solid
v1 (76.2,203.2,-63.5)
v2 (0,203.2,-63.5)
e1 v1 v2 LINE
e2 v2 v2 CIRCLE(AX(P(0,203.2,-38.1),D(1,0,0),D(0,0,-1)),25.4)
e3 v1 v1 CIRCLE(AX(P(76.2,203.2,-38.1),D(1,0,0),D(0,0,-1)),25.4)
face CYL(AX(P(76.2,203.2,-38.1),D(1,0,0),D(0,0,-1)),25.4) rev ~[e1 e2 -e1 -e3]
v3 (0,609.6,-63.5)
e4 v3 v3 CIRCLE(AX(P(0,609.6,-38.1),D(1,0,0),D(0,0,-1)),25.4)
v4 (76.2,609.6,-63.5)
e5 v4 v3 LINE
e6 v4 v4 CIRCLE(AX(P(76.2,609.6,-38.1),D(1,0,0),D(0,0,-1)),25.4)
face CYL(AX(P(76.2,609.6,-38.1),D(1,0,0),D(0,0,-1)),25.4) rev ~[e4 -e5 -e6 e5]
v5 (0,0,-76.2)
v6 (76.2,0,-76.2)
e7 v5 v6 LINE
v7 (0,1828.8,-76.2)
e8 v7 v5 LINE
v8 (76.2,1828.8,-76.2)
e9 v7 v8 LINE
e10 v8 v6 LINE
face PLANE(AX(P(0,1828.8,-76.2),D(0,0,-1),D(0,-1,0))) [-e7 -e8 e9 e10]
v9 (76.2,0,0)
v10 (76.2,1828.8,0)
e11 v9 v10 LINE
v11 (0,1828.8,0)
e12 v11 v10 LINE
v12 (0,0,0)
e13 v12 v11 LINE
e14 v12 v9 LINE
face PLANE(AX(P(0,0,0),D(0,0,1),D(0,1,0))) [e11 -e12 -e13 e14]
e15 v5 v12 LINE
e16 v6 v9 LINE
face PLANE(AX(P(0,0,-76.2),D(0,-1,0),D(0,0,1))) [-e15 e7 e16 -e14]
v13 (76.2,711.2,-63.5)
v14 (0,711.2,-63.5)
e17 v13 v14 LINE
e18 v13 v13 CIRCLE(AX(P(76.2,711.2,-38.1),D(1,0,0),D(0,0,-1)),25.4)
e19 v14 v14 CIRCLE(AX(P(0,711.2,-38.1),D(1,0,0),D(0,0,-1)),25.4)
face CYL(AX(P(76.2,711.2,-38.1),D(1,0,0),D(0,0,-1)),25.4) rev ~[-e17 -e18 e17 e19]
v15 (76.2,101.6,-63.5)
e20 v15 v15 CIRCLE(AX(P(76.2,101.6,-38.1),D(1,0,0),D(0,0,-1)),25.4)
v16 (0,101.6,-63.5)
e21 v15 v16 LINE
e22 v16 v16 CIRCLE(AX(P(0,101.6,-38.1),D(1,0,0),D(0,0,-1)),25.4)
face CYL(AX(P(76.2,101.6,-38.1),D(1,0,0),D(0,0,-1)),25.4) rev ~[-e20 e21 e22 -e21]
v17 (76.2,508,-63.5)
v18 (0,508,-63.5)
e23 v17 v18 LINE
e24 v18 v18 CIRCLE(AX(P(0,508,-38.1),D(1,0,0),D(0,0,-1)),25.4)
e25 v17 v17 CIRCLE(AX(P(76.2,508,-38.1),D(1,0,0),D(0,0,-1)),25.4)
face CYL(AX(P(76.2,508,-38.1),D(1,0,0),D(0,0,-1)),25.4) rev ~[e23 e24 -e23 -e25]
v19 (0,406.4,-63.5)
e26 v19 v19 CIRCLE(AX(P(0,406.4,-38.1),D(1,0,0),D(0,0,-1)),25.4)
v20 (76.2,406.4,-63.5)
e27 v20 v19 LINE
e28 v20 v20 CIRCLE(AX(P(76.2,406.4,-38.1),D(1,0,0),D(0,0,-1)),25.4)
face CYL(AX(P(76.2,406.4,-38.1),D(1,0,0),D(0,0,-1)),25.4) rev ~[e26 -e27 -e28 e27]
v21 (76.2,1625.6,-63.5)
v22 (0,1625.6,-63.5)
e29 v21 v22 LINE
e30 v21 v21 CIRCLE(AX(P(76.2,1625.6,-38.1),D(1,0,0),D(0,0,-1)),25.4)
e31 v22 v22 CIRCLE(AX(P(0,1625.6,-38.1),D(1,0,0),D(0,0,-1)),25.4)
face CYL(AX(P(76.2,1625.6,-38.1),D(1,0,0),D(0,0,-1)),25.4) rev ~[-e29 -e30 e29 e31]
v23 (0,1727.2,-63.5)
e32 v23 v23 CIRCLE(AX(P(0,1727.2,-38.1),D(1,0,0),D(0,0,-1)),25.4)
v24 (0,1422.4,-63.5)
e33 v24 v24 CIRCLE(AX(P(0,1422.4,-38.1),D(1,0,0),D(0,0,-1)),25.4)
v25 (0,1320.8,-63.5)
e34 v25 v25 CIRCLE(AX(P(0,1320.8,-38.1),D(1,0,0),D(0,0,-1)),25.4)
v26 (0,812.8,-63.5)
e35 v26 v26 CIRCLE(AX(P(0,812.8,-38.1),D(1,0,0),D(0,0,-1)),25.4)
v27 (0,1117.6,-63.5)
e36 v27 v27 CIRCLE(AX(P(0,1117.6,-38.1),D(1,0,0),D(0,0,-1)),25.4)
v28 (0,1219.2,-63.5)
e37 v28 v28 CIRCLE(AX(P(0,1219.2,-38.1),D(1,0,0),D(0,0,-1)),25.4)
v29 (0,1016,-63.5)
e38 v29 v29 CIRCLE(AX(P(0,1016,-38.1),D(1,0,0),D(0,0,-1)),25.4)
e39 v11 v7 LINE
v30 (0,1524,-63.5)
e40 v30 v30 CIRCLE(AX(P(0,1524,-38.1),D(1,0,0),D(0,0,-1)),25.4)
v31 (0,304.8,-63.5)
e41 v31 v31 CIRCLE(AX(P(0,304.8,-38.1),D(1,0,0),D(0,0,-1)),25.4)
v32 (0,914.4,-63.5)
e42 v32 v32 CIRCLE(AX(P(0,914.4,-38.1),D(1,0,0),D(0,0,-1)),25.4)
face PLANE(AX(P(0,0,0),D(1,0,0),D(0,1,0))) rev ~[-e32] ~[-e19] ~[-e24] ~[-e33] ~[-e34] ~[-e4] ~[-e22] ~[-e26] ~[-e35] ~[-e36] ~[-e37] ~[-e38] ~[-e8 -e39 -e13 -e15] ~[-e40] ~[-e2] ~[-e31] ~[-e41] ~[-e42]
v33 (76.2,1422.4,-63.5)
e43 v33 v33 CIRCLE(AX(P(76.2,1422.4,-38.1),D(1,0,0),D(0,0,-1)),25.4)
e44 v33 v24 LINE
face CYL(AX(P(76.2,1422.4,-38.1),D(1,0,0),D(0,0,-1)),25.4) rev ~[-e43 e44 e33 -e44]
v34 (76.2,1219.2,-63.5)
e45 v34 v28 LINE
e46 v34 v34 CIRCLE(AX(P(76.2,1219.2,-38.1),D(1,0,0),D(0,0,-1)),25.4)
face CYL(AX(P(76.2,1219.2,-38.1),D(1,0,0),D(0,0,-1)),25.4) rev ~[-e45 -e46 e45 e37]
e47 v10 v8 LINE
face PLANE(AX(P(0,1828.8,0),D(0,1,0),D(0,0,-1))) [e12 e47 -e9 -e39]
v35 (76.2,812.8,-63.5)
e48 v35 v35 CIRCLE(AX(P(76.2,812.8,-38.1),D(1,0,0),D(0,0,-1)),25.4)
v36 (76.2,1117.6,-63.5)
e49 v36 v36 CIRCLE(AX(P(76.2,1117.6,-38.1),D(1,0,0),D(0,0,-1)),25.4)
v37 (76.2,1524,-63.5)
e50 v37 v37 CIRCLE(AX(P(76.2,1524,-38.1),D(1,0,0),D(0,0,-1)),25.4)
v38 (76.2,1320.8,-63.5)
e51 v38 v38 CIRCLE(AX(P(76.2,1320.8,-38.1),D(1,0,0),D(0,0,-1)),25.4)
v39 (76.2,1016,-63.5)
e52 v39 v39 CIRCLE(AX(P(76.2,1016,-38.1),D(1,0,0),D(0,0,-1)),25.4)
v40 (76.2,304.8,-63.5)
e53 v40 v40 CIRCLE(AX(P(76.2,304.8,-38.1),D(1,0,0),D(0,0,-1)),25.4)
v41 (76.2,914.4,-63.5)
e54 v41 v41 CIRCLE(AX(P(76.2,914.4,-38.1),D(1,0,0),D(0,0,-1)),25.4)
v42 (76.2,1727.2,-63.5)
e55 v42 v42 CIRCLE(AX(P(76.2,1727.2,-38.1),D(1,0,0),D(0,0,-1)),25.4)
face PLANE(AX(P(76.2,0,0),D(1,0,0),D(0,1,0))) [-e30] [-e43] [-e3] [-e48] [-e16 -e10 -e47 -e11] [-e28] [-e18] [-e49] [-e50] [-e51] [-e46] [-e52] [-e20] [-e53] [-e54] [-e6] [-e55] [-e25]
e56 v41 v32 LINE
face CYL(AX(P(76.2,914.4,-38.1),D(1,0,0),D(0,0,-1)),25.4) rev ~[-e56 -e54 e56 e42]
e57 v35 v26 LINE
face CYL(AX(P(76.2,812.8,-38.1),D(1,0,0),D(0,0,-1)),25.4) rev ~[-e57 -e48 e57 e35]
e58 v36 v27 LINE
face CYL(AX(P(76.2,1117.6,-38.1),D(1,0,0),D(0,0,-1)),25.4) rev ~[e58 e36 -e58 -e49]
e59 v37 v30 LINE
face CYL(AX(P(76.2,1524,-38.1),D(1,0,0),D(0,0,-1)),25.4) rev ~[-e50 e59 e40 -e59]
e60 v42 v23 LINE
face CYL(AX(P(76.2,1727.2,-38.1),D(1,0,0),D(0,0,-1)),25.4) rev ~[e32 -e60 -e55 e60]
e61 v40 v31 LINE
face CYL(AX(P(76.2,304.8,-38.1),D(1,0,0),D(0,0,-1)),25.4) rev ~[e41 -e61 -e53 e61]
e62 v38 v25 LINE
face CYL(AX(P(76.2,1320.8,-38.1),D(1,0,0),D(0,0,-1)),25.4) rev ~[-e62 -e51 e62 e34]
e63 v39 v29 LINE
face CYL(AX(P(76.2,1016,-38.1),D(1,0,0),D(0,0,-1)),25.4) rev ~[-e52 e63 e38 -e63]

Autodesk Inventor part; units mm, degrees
ref_plane "YZ Plane" through (0, 0, 0) normal (1, 0, 0) x (0, 1, 0)
ref_plane "XZ Plane" through (0, 0, 0) normal (0, 1, 0) x (-1, 0, 0)
ref_plane "XY Plane" through (0, 0, 0) normal (0, 0, 1) x (1, 0, 0)
sketch "Sketch1" plane through (0, 0, 0) normal (1, 0, 0) x (0, 1, 0)
  line L0 (0, 0) -> (1828.8, 0)
  line L1 (1828.8, 0) -> (1828.8, -76.2)
  line L2 (1828.8, -76.2) -> (0, -76.2)
  line L3 (0, -76.2) -> (0, 0)
  dimension "d0" = 1828.8
  dimension "d1" = 76.2
extrude "Extrusion1" add sketch "Sketch1" along normal blind 76.2
sketch "Sketch2" plane through (76.2, 0, 0) normal (1, 0, 0) x (0, 0, -1)
  circle A0 centre (38.1, 101.6) radius 25.4
  circle A1 centre (38.1, 203.2) radius 25.4
  circle A2 centre (38.1, 304.8) radius 25.4
  circle A3 centre (38.1, 406.4) radius 25.4
  circle A4 centre (38.1, 508) radius 25.4
  circle A5 centre (38.1, 609.6) radius 25.4
  circle A6 centre (38.1, 711.2) radius 25.4
  circle A7 centre (38.1, 812.8) radius 25.4
  circle A8 centre (38.1, 914.4) radius 25.4
  circle A9 centre (38.1, 1016) radius 25.4
  circle A10 centre (38.1, 1117.6) radius 25.4
  circle A11 centre (38.1, 1219.2) radius 25.4
  circle A12 centre (38.1, 1320.8) radius 25.4
  circle A13 centre (38.1, 1422.4) radius 25.4
  circle A14 centre (38.1, 1524) radius 25.4
  circle A15 centre (38.1, 1625.6) radius 25.4
  circle A16 centre (38.1, 1727.2) radius 25.4
  point P0 (0, 0)
  dimension "d4" = 50.8
  dimension "d5" = 50.8
  dimension "d6" = 50.8
  dimension "d7" = 50.8
  dimension "d8" = 50.8
  dimension "d9" = 50.8
  dimension "d10" = 50.8
  dimension "d11" = 50.8
  dimension "d12" = 50.8
  dimension "d13" = 50.8
  dimension "d14" = 50.8
  dimension "d15" = 50.8
  dimension "d16" = 50.8
  dimension "d17" = 50.8
  dimension "d18" = 50.8
  dimension "d19" = 50.8
  dimension "d20" = 50.8
extrude "Extrusion2" cut sketch "Sketch2" against normal blind 127
properties part number "pole"
